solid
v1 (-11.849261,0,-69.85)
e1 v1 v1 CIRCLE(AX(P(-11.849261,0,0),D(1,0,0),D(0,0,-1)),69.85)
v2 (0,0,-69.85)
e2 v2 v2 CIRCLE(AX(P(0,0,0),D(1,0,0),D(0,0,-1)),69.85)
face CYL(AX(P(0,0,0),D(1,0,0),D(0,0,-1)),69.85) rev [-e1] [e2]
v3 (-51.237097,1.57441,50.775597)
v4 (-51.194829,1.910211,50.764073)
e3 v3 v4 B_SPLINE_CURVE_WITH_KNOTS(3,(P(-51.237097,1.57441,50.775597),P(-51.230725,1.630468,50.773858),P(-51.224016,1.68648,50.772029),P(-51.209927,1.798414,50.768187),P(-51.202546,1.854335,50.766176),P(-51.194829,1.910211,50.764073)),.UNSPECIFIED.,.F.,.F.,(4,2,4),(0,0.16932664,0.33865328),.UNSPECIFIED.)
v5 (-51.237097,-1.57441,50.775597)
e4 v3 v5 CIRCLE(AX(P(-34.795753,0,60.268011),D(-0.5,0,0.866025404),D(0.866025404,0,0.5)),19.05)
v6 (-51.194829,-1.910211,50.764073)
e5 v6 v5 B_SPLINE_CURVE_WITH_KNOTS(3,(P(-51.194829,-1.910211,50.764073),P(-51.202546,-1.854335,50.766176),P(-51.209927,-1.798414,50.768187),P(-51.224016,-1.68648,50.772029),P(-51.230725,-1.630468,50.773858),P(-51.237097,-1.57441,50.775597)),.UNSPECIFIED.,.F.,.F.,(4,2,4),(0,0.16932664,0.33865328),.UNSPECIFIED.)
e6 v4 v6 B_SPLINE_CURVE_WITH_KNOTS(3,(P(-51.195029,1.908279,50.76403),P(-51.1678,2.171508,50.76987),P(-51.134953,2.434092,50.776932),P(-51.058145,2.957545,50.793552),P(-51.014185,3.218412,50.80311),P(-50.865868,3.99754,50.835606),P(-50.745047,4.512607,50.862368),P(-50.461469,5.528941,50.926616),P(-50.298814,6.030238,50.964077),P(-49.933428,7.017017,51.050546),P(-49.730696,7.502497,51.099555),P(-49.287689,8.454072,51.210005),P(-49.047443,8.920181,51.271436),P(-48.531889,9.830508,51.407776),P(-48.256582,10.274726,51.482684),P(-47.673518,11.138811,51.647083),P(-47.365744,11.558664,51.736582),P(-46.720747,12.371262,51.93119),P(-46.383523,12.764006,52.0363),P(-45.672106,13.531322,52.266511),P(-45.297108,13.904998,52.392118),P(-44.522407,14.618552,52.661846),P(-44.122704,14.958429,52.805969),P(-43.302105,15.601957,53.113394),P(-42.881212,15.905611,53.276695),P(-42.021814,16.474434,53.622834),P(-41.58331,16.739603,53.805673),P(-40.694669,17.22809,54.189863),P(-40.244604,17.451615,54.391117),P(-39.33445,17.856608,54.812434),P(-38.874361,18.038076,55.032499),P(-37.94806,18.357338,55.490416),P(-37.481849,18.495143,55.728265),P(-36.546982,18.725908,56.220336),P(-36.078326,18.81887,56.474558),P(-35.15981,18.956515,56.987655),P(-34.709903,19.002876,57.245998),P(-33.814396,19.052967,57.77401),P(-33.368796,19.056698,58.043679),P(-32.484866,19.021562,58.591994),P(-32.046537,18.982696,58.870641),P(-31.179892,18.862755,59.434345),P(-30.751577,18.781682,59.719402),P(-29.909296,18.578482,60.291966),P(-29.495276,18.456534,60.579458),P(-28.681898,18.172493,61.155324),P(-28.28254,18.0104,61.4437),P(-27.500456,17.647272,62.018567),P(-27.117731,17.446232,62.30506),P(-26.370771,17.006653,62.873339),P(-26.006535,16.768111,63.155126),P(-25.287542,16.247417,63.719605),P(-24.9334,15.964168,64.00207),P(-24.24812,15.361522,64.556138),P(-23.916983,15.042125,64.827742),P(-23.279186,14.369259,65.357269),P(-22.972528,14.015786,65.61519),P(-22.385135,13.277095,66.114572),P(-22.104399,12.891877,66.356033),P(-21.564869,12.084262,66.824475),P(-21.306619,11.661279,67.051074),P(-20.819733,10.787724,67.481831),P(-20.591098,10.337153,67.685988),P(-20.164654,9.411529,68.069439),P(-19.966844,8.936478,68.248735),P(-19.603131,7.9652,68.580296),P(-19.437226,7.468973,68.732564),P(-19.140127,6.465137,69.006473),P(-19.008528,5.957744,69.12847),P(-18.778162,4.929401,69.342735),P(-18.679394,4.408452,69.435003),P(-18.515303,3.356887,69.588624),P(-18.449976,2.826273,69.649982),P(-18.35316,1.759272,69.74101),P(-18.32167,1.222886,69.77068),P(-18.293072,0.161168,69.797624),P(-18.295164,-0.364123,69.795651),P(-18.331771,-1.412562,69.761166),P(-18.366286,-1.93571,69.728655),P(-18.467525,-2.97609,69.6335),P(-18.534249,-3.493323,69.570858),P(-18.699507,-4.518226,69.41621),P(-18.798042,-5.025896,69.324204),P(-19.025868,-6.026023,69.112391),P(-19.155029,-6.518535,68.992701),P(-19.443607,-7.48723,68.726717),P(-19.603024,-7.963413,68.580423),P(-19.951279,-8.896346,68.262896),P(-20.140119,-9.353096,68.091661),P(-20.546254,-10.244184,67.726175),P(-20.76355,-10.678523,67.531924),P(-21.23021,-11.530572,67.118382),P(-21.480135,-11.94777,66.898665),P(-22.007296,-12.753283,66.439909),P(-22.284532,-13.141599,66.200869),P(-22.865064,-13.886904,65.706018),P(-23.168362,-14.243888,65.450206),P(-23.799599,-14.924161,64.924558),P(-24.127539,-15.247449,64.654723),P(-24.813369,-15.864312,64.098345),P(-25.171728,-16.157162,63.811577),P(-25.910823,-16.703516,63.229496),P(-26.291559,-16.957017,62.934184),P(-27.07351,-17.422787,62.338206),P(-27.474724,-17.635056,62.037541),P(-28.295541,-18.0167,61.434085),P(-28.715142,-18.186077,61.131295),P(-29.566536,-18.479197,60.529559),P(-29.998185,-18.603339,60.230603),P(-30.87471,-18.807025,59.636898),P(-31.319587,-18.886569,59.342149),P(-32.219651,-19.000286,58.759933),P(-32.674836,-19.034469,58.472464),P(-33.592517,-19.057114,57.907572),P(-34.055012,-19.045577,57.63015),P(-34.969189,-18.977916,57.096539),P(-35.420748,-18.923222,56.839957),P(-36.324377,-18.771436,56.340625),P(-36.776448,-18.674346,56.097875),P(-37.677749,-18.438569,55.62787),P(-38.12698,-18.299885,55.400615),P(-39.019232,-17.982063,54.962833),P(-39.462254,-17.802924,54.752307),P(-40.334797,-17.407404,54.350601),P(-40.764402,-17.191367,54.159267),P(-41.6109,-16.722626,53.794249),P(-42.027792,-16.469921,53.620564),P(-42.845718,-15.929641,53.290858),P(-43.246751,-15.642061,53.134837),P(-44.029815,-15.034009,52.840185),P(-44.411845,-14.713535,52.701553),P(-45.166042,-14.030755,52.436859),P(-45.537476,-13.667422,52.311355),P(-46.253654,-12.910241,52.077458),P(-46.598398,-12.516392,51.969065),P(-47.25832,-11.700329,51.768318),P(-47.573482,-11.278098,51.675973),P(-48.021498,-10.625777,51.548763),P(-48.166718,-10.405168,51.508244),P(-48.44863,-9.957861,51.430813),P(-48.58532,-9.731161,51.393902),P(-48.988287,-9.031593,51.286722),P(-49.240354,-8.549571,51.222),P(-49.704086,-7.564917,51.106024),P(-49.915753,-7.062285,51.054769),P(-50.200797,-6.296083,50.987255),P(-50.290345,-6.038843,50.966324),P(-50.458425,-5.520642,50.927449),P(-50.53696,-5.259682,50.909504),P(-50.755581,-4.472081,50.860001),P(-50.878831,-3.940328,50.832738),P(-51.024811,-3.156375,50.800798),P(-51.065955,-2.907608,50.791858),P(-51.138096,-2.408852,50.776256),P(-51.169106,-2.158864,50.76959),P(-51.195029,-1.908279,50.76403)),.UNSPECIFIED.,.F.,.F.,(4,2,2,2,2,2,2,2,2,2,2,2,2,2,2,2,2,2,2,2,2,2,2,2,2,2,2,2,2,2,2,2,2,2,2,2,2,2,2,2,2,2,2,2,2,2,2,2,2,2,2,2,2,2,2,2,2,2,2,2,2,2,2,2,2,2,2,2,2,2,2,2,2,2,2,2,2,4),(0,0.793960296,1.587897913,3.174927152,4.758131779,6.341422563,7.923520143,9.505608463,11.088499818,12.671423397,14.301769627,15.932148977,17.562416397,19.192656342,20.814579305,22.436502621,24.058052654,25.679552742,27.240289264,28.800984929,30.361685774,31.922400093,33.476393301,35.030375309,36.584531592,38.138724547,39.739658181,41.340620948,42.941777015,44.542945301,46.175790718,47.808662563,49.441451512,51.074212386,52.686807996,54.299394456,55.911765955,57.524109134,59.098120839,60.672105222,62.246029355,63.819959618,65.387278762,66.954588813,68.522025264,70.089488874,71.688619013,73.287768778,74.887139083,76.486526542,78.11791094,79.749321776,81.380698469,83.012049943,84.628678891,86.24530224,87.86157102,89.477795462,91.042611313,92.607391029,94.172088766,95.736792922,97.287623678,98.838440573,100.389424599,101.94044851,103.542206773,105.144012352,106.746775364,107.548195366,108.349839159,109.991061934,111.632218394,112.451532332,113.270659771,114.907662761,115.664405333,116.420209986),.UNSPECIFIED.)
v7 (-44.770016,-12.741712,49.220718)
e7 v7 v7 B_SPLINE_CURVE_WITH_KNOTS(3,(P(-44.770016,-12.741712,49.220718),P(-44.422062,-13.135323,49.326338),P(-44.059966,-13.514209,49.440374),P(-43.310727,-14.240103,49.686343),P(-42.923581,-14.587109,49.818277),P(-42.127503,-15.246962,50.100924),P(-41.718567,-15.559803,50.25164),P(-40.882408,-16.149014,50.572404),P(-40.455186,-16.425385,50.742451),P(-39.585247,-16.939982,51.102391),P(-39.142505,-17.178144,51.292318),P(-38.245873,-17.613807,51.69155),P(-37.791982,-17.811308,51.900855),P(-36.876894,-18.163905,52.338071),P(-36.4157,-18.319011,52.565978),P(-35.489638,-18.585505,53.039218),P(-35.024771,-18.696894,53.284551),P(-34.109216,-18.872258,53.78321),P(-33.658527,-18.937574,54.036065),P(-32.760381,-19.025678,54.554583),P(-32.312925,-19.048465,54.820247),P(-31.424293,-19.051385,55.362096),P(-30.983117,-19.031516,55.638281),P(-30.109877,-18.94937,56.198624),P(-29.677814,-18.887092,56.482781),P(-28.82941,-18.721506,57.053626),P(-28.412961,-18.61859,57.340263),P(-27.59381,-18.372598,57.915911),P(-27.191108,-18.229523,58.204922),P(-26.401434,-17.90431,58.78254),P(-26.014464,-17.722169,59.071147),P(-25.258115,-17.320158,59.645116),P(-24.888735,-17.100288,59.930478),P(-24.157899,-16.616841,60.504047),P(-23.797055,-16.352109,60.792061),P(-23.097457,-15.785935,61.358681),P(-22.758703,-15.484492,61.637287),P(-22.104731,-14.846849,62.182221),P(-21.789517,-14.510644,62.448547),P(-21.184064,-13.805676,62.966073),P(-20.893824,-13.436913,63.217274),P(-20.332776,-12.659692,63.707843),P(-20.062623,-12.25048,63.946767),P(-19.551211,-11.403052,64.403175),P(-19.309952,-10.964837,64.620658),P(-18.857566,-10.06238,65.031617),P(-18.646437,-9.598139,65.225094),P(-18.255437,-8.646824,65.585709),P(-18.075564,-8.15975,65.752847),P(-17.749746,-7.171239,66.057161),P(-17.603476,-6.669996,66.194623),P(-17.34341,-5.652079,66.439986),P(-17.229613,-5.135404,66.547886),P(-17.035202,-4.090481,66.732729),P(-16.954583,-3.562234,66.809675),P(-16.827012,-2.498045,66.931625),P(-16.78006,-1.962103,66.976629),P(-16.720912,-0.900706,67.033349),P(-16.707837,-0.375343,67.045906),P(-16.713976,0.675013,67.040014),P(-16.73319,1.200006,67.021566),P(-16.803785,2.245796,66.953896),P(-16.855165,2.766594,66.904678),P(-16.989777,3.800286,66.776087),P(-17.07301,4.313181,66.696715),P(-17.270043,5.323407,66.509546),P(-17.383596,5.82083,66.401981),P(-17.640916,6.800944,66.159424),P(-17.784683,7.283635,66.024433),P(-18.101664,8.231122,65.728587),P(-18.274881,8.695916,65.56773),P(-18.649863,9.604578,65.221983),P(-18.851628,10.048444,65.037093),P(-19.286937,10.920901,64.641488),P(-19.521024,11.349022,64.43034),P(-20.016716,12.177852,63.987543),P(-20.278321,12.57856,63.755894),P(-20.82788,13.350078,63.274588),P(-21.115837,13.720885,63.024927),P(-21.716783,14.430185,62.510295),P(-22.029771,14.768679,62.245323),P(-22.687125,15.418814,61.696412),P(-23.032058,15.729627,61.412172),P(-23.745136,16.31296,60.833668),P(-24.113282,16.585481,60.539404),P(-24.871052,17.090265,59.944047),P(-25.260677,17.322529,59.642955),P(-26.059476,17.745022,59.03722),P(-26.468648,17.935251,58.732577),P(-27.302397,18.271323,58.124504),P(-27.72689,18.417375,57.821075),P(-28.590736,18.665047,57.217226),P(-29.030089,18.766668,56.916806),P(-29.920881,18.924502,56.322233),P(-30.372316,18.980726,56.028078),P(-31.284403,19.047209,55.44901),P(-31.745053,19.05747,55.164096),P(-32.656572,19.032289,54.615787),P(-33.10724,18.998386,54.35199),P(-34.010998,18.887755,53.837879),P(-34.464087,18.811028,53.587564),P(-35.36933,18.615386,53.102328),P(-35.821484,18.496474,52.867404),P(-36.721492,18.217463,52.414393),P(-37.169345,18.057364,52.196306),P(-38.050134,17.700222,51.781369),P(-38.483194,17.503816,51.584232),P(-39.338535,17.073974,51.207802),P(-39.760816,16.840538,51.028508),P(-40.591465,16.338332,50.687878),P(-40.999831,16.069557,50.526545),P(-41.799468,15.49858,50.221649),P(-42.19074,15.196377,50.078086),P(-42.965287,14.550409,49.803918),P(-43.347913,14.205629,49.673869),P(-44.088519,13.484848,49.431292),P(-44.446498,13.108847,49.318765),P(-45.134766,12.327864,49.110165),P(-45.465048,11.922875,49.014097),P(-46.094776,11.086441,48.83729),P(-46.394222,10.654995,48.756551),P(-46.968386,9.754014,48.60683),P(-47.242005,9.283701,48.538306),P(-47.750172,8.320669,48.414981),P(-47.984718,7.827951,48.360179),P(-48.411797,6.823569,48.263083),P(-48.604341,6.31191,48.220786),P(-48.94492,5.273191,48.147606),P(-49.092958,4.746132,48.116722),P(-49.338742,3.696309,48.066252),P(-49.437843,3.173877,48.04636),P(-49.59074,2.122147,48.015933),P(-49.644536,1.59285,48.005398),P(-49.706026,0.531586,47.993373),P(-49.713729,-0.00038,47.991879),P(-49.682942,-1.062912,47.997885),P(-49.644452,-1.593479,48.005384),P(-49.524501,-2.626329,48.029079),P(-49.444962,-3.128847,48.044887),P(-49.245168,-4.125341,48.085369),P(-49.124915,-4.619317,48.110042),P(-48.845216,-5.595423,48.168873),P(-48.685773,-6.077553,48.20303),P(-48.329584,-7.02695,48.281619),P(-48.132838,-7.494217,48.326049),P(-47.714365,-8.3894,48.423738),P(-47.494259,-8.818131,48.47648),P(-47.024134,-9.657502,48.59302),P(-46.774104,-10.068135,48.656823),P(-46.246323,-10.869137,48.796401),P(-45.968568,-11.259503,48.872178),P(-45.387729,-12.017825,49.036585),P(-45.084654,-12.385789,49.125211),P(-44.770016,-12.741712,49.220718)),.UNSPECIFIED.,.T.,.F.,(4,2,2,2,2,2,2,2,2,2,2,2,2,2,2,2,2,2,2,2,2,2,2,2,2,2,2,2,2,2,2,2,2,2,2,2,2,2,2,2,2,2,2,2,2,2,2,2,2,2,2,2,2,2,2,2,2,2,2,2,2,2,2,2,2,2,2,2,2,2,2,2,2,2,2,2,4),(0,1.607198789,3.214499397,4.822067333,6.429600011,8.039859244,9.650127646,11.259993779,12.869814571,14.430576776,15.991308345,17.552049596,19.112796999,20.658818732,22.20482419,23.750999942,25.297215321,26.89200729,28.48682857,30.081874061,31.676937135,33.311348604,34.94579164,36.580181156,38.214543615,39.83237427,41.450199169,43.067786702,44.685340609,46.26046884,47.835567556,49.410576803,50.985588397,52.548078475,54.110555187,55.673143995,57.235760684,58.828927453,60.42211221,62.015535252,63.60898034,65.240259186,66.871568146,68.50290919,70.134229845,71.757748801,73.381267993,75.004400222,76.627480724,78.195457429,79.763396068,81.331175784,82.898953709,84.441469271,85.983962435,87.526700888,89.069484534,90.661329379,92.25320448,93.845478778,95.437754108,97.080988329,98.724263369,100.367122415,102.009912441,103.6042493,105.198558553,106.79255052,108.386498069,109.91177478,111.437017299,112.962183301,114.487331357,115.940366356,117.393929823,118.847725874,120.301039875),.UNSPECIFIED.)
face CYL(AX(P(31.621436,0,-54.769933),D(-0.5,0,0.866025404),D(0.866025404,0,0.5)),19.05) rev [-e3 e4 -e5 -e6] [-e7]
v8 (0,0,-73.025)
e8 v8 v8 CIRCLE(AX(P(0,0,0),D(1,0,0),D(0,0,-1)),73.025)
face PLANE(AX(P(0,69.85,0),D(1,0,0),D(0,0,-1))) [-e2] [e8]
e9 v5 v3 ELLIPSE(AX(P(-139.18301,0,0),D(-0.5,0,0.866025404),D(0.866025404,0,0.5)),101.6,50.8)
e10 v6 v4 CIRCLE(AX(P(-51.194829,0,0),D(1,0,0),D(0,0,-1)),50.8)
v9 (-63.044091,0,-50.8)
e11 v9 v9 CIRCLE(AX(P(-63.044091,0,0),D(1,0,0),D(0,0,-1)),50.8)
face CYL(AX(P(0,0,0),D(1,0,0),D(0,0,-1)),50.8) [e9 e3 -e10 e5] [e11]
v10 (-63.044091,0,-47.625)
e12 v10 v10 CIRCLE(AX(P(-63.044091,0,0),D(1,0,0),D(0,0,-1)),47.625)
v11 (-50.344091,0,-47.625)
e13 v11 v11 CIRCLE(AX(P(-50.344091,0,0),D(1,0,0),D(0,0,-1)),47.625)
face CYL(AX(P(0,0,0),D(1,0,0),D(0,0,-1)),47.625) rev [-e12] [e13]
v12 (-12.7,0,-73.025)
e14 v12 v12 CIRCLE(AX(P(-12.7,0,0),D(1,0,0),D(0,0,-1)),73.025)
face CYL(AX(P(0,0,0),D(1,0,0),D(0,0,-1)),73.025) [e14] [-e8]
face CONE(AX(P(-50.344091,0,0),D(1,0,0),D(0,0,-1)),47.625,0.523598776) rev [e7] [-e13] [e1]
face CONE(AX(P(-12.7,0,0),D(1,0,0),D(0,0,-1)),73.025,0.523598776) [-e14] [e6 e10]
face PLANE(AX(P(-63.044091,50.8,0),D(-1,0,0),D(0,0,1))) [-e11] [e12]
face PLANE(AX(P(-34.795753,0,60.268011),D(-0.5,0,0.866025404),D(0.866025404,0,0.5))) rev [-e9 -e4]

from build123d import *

# Parameters (mm, degrees)
CUT_EXTRUDE1_REACH = 157.918
SKETCH2_R          = 19.05


with BuildPart() as part:
    # Sketch1 → Revolve1 (revolve)
    with BuildSketch(Plane.XY, mode=Mode.PRIVATE) as revolve1_sk:
        Polygon((0, 69.85), (0, 73.025), (-12.7, 73.025), (-51.194829198, 50.8), (-63.044090512, 50.8), (-63.044090512, 47.625), (-50.344090512, 47.625), (-11.849261314, 69.85), align=None)
    revolve(revolve1_sk.sketch.rotate(Axis((0, 0, 0), (-1, 0, 0)), 90), axis=Axis((0, 0, 0), (-1, 0, 0)))

    # Cut-Extrude1: up to this cone (the profile starts outside it)
    cut_extrude1_end = Plane(origin=(-34.795753, 0, 0), z_dir=(1, 0, 0)).offset(-98.037256223) * Cone(1e-06, 180.743597534, 313.057093071, align=(Align.CENTER, Align.CENTER, Align.MIN), mode=Mode.PRIVATE)
    # Sketch2 → Cut-Extrude1 (cut, up to the surface)
    with BuildSketch(Plane(origin=(-34.795752556, 0, 60.268011314), x_dir=(0.8660254037844378, 0, 0.5000000000000017), z_dir=(-0.5000000000000016, 0, 0.8660254037844377)), mode=Mode.PRIVATE) as cut_extrude1_sk1:
        with Locations(Location((0, 0, 0), (0, 0, 221.978854454))):
            Circle(SKETCH2_R)
    cut_extrude1_tool1 = extrude(cut_extrude1_sk1.sketch, amount=-CUT_EXTRUDE1_REACH, mode=Mode.PRIVATE) - cut_extrude1_end
    add(cut_extrude1_tool1.solids().sort_by_distance((-34.795753, 0, 60.268011))[0], mode=Mode.SUBTRACT)


solid = part.part
